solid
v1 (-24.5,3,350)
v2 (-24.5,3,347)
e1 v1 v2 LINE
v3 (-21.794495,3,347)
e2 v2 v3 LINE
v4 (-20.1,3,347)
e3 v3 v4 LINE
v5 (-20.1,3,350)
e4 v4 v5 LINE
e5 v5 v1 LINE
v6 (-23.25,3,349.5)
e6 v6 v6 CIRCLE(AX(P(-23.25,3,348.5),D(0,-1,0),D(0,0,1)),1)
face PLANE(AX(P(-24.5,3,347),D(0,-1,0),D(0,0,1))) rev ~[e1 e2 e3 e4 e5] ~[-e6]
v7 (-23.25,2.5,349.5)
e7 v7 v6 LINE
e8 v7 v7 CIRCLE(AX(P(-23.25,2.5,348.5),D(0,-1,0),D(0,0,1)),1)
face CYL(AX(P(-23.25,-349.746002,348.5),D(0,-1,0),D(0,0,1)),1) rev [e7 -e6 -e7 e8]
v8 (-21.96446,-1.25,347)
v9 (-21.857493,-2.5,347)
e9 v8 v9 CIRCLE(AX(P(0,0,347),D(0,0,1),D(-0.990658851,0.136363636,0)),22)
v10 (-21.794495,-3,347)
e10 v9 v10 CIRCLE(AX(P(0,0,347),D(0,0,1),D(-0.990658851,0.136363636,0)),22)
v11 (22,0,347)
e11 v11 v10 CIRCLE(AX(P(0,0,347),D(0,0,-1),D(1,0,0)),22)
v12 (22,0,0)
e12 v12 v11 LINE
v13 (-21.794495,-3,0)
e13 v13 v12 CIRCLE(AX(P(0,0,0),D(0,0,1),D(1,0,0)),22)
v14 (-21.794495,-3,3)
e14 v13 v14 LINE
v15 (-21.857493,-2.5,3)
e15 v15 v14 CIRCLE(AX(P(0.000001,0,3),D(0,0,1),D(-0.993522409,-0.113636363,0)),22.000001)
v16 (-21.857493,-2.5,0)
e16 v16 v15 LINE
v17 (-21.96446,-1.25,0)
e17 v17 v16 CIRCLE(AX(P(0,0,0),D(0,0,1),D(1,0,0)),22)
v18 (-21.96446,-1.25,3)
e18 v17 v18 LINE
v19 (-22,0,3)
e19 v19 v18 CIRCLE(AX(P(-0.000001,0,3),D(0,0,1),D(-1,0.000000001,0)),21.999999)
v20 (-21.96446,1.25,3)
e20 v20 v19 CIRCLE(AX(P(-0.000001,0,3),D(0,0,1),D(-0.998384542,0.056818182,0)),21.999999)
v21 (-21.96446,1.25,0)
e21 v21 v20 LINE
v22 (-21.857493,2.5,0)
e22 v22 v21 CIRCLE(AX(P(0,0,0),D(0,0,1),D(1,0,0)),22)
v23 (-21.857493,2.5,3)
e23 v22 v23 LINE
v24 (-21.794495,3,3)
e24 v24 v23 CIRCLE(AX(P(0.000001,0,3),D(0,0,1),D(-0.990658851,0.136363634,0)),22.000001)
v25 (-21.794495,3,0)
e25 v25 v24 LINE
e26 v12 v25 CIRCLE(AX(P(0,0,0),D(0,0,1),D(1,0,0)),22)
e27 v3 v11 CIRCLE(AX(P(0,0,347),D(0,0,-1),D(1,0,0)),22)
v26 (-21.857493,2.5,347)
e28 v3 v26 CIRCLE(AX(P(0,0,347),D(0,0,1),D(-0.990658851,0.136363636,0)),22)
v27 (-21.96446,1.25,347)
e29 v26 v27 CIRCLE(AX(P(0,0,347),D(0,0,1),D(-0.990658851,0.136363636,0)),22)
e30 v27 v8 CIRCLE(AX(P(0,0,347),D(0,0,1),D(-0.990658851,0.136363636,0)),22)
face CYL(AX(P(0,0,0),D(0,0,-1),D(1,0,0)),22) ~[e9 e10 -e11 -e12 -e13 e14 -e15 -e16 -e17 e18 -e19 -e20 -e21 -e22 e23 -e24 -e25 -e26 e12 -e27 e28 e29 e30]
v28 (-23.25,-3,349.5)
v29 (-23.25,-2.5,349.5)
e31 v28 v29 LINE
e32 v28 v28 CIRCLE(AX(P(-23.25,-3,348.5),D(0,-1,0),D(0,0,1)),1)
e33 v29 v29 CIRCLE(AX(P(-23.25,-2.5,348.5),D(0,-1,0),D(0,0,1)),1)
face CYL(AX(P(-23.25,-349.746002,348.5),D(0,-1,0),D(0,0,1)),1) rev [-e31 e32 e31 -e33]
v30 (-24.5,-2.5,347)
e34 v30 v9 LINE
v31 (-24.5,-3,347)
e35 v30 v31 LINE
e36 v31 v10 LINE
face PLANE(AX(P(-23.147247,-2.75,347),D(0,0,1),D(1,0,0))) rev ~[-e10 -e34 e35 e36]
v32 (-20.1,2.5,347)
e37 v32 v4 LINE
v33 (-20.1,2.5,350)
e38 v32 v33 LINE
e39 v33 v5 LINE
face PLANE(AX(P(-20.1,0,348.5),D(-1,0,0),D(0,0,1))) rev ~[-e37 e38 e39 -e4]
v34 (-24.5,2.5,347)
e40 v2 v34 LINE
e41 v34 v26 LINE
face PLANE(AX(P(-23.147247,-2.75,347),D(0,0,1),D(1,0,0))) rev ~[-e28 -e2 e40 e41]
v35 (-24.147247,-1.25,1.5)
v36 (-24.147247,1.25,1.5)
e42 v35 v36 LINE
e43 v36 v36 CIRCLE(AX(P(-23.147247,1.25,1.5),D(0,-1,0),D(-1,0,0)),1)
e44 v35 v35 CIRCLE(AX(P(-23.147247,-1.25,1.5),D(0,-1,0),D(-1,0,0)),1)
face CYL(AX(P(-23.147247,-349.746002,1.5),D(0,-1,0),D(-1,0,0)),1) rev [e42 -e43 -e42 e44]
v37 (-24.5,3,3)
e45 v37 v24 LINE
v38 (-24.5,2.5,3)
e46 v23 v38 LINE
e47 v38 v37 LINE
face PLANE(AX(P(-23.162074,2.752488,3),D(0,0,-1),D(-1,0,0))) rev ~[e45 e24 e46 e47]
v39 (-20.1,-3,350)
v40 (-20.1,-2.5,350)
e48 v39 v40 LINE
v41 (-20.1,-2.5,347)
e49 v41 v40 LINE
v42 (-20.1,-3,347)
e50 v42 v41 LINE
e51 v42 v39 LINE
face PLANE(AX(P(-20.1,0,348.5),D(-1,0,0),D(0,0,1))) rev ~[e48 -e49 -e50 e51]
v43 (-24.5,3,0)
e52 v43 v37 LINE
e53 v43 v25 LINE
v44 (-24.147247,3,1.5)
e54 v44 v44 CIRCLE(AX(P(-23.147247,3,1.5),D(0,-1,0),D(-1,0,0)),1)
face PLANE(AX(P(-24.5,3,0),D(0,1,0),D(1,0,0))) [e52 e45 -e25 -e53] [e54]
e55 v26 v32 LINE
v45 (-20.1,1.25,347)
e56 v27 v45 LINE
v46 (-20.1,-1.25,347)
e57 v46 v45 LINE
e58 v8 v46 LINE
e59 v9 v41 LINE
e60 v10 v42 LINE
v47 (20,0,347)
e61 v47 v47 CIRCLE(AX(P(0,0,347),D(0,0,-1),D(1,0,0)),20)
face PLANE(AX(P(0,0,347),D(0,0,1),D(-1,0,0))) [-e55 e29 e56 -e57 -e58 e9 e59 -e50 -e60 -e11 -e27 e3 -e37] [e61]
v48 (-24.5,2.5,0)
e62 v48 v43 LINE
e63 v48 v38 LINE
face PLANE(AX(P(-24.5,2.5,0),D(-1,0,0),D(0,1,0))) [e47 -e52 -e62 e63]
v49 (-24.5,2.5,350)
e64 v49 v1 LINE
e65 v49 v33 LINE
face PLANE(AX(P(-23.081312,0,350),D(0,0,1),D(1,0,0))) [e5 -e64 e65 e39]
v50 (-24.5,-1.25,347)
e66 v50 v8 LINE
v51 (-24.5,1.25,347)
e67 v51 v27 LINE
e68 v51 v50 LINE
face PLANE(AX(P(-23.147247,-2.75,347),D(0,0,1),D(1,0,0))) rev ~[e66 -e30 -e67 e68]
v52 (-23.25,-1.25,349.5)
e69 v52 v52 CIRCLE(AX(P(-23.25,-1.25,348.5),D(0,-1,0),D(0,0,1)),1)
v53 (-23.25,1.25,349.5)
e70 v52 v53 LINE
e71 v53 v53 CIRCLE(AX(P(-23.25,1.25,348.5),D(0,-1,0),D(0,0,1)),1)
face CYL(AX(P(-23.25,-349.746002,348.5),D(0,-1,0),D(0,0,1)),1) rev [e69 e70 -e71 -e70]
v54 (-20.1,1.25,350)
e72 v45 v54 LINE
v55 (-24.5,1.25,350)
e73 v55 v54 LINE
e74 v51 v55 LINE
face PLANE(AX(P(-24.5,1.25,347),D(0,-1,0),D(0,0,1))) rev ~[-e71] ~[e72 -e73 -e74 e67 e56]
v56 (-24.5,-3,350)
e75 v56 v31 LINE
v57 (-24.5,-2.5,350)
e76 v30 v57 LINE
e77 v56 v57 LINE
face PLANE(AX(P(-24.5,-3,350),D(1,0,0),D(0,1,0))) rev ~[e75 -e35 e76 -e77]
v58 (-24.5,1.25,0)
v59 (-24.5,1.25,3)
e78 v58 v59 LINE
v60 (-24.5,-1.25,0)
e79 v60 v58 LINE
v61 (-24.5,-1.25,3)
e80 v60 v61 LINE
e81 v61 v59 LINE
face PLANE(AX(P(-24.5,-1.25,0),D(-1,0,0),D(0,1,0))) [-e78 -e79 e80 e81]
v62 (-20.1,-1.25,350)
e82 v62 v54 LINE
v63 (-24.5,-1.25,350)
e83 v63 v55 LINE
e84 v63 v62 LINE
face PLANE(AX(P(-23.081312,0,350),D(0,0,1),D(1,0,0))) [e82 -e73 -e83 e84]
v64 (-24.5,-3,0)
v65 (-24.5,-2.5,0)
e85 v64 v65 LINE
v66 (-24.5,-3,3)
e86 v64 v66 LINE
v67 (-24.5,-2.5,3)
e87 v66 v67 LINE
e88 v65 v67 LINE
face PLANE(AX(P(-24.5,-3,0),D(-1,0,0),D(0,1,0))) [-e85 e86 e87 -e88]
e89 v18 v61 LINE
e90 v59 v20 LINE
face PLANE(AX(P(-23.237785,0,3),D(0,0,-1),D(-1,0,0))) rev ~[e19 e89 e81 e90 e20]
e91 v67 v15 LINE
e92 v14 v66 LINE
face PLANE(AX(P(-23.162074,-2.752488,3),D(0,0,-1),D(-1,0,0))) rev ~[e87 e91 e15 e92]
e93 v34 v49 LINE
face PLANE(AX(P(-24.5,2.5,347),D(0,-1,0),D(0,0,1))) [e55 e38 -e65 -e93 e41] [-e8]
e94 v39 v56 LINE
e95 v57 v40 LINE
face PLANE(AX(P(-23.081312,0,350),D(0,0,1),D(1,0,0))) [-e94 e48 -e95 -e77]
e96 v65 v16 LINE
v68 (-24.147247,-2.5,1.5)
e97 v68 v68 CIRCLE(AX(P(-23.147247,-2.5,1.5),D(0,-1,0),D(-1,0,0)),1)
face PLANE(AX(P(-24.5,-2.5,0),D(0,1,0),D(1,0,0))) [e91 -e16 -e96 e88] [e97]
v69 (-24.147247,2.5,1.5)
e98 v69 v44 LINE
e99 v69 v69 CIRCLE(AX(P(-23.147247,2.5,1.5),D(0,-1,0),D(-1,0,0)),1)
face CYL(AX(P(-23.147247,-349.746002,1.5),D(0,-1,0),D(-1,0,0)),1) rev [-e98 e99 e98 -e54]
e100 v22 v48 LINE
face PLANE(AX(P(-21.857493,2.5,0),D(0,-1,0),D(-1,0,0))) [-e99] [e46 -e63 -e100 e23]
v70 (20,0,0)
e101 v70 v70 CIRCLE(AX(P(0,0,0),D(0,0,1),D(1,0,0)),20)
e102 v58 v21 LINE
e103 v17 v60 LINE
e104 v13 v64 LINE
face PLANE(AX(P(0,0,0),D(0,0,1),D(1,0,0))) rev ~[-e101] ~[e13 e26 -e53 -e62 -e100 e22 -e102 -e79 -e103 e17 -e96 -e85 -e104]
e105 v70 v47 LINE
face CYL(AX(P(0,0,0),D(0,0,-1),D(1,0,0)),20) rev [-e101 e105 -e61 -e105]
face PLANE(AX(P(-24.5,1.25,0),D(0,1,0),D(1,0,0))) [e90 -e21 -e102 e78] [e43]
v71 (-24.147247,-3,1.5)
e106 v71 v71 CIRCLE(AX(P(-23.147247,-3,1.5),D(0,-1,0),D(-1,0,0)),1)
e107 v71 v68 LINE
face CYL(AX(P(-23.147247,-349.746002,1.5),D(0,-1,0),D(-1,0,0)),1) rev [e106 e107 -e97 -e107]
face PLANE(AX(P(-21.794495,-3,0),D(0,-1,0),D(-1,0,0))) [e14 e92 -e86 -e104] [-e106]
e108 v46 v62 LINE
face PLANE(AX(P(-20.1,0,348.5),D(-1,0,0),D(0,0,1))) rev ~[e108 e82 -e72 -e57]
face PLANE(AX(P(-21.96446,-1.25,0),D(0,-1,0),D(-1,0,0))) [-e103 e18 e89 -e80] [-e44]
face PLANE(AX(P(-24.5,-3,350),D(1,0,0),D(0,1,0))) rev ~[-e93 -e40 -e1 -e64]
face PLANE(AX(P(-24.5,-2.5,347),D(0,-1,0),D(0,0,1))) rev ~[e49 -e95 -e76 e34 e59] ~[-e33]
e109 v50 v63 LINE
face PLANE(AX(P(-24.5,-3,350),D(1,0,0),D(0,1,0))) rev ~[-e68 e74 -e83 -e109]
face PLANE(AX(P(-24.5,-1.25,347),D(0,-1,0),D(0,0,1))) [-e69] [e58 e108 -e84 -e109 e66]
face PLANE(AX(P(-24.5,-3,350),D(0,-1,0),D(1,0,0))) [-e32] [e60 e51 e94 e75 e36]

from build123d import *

# Parameters (mm, degrees)
SKETCH1_R               = 22
SKETCH1_R_2             = 20
BOSS_EXTRUDE1_DEPTH     = 350
BOSS_EXTRUDE2_DEPTH     = 3
CUT_EXTRUDE1_DEPTH      = 352.746002109
CUT_EXTRUDE1_DEPTH_BACK = 352.746002109
SKETCH3_R               = 1
SKETCH4_W               = 2.837375188
SKETCH4_H               = 2.5
SKETCH4_W_2             = 2.705505282
SKETCH4_H_2             = 0.5
BOSS_EXTRUDE3_DEPTH     = 3
CUT_EXTRUDE2_DEPTH      = 352.746002109
CUT_EXTRUDE2_DEPTH_BACK = 352.746002109
SKETCH5_R               = 1
CUT_EXTRUDE3_START      = -3
SKETCH6_R               = 22
CUT_EXTRUDE3_DEPTH      = 3
SKETCH7_W               = 3
SKETCH7_H               = 6
BOSS_EXTRUDE4_DEPTH     = 4.4
CUT_EXTRUDE4_DEPTH      = 352.746002109
CUT_EXTRUDE4_DEPTH_BACK = 352.746002109
SKETCH8_R               = 1
SKETCH9_W               = 3
SKETCH9_H               = 1.25
CUT_EXTRUDE5_DEPTH      = 4.4


with BuildPart() as part:
    # Sketch1 → Boss-Extrude1 (new body)
    with BuildSketch(Plane.XY):
        Circle(SKETCH1_R)
        Circle(SKETCH1_R_2, mode=Mode.SUBTRACT)
    extrude(amount=BOSS_EXTRUDE1_DEPTH)

    # Sketch2 → Boss-Extrude2 (add)
    with BuildSketch(Plane(origin=(0, 0, 0), x_dir=(-1, 0, 0), z_dir=(0, 0, -1))):
        with BuildLine():
            Line((24.5, 3), (21.794494718, 3))
            ThreePointArc((21.794494718, 3), (21.827425588, 2.750180393), (21.857492994, 2.5))
            Line((21.857492994, 2.5), (24.5, 2.5))
            Line((24.5, 2.5), (24.5, 3))
        make_face()
        with BuildLine():
            Line((24.5, 1.25), (21.96445993, 1.25))
            ThreePointArc((21.96445993, 1.25), (21.991113188, 0.625252568), (22, 0))
            ThreePointArc((22, 0), (21.991113188, -0.625252568), (21.96445993, -1.25))
            Line((21.96445993, -1.25), (24.5, -1.25))
            Line((24.5, -1.25), (24.5, 1.25))
        make_face()
        with BuildLine():
            ThreePointArc((21.857492994, -2.5), (21.827425588, -2.750180393), (21.794494718, -3))
            Line((21.794494718, -3), (24.5, -3))
            Line((24.5, -3), (24.5, -2.5))
            Line((24.5, -2.5), (21.857492994, -2.5))
        make_face()
    extrude(amount=-BOSS_EXTRUDE2_DEPTH)

    # Sketch3 → Cut-Extrude1 (cut, two sides: drawn at the far end of the back side and taken through both)
    with BuildSketch(Plane(origin=(0, 3, 0), x_dir=(1, 0, 0), z_dir=(0, 1, 0)).offset(-CUT_EXTRUDE1_DEPTH_BACK)):
        with Locations(Location((-23.147247359, -1.5, 0), (0, 0, 180))):
            Circle(SKETCH3_R)
    extrude(amount=CUT_EXTRUDE1_DEPTH + CUT_EXTRUDE1_DEPTH_BACK, mode=Mode.SUBTRACT)

    # Sketch4 → Boss-Extrude3 (add)
    with BuildSketch(Plane.XY.offset(350)):
        with Locations((-23.081312406, 0)):
            Rectangle(SKETCH4_W, SKETCH4_H)
        with Locations((-23.147247359, 2.75)):
            Rectangle(SKETCH4_W_2, SKETCH4_H_2)
        with Locations((-23.147247359, -2.75)):
            Rectangle(SKETCH4_W_2, SKETCH4_H_2)
    extrude(amount=-BOSS_EXTRUDE3_DEPTH)

    # Sketch5 → Cut-Extrude2 (cut, two sides: drawn at the far end of the back side and taken through both)
    with BuildSketch(Plane(origin=(0, 3, 0), x_dir=(1, 0, 0), z_dir=(0, 1, 0)).offset(-CUT_EXTRUDE2_DEPTH_BACK)):
        with Locations(Location((-23.147247359, -348.5, 0), (0, 0, 270))):
            Circle(SKETCH5_R)
    extrude(amount=CUT_EXTRUDE2_DEPTH + CUT_EXTRUDE2_DEPTH_BACK, mode=Mode.SUBTRACT)

    # Sketch6 → Cut-Extrude3 (cut)
    with BuildSketch(Plane.XY.offset(350).offset(CUT_EXTRUDE3_START)):
        with Locations(Location((0, 0, 0), (0, 0, 180))):
            Circle(SKETCH6_R)
    extrude(amount=CUT_EXTRUDE3_DEPTH, mode=Mode.SUBTRACT)


with BuildPart() as cut_extrude3_piece_1:
    # of the separate pieces the step leaves, piece 1, a body of its own (cut_extrude3_pieces)
    add(part.part.solids().sort_by_distance((22, 0, 0))[0])



with BuildPart() as cut_extrude3_piece_2:
    # of the separate pieces the step leaves, piece 2, a body of its own (cut_extrude3_pieces)
    add(part.part.solids().sort_by_distance((-24.5, 1.25, 347))[0])


with BuildPart() as cut_extrude3_piece_3:
    # of the separate pieces the step leaves, piece 3, a body of its own (cut_extrude3_pieces)
    add(part.part.solids().sort_by_distance((-24.5, -2.5, 347))[0])


with BuildPart() as cut_extrude3_piece_4:
    # of the separate pieces the step leaves, piece 4, a body of its own (cut_extrude3_pieces)
    add(part.part.solids().sort_by_distance((-24.5, 2.5, 347))[0])


with BuildPart() as cut_extrude3_piece_1_1:
    add(cut_extrude3_piece_1.part)

    add(cut_extrude3_piece_2.part)  # Boss-Extrude4 merges Cut-Extrude3 piece 2

    add(cut_extrude3_piece_3.part)  # Boss-Extrude4 merges Cut-Extrude3 piece 3

    add(cut_extrude3_piece_4.part)  # Boss-Extrude4 merges Cut-Extrude3 piece 4
    # Sketch7 → Boss-Extrude4 (add)
    with BuildSketch(Plane.ZY.offset(24.5)):
        with Locations((348.5, 0)):
            Rectangle(SKETCH7_W, SKETCH7_H)
    extrude(amount=-BOSS_EXTRUDE4_DEPTH)

    # Sketch8 → Cut-Extrude4 (cut, two sides: drawn at the far end of the back side and taken through both)
    with BuildSketch(Plane(origin=(0, 3, 0), x_dir=(1, 0, 0), z_dir=(0, 1, 0)).offset(-CUT_EXTRUDE4_DEPTH_BACK)):
        with Locations(Location((-23.25, -348.5, 0), (0, 0, 270))):
            Circle(SKETCH8_R)
    extrude(amount=CUT_EXTRUDE4_DEPTH + CUT_EXTRUDE4_DEPTH_BACK, mode=Mode.SUBTRACT)

    # Sketch9 → Cut-Extrude5 (cut)
    with BuildSketch(Plane.ZY.offset(24.5)):
        with Locations((348.5, 1.875)):
            Rectangle(SKETCH9_W, SKETCH9_H)
        with Locations((348.5, -1.875)):
            Rectangle(SKETCH9_W, SKETCH9_H)
    extrude(amount=-CUT_EXTRUDE5_DEPTH, mode=Mode.SUBTRACT)


solid = cut_extrude3_piece_1_1.part
